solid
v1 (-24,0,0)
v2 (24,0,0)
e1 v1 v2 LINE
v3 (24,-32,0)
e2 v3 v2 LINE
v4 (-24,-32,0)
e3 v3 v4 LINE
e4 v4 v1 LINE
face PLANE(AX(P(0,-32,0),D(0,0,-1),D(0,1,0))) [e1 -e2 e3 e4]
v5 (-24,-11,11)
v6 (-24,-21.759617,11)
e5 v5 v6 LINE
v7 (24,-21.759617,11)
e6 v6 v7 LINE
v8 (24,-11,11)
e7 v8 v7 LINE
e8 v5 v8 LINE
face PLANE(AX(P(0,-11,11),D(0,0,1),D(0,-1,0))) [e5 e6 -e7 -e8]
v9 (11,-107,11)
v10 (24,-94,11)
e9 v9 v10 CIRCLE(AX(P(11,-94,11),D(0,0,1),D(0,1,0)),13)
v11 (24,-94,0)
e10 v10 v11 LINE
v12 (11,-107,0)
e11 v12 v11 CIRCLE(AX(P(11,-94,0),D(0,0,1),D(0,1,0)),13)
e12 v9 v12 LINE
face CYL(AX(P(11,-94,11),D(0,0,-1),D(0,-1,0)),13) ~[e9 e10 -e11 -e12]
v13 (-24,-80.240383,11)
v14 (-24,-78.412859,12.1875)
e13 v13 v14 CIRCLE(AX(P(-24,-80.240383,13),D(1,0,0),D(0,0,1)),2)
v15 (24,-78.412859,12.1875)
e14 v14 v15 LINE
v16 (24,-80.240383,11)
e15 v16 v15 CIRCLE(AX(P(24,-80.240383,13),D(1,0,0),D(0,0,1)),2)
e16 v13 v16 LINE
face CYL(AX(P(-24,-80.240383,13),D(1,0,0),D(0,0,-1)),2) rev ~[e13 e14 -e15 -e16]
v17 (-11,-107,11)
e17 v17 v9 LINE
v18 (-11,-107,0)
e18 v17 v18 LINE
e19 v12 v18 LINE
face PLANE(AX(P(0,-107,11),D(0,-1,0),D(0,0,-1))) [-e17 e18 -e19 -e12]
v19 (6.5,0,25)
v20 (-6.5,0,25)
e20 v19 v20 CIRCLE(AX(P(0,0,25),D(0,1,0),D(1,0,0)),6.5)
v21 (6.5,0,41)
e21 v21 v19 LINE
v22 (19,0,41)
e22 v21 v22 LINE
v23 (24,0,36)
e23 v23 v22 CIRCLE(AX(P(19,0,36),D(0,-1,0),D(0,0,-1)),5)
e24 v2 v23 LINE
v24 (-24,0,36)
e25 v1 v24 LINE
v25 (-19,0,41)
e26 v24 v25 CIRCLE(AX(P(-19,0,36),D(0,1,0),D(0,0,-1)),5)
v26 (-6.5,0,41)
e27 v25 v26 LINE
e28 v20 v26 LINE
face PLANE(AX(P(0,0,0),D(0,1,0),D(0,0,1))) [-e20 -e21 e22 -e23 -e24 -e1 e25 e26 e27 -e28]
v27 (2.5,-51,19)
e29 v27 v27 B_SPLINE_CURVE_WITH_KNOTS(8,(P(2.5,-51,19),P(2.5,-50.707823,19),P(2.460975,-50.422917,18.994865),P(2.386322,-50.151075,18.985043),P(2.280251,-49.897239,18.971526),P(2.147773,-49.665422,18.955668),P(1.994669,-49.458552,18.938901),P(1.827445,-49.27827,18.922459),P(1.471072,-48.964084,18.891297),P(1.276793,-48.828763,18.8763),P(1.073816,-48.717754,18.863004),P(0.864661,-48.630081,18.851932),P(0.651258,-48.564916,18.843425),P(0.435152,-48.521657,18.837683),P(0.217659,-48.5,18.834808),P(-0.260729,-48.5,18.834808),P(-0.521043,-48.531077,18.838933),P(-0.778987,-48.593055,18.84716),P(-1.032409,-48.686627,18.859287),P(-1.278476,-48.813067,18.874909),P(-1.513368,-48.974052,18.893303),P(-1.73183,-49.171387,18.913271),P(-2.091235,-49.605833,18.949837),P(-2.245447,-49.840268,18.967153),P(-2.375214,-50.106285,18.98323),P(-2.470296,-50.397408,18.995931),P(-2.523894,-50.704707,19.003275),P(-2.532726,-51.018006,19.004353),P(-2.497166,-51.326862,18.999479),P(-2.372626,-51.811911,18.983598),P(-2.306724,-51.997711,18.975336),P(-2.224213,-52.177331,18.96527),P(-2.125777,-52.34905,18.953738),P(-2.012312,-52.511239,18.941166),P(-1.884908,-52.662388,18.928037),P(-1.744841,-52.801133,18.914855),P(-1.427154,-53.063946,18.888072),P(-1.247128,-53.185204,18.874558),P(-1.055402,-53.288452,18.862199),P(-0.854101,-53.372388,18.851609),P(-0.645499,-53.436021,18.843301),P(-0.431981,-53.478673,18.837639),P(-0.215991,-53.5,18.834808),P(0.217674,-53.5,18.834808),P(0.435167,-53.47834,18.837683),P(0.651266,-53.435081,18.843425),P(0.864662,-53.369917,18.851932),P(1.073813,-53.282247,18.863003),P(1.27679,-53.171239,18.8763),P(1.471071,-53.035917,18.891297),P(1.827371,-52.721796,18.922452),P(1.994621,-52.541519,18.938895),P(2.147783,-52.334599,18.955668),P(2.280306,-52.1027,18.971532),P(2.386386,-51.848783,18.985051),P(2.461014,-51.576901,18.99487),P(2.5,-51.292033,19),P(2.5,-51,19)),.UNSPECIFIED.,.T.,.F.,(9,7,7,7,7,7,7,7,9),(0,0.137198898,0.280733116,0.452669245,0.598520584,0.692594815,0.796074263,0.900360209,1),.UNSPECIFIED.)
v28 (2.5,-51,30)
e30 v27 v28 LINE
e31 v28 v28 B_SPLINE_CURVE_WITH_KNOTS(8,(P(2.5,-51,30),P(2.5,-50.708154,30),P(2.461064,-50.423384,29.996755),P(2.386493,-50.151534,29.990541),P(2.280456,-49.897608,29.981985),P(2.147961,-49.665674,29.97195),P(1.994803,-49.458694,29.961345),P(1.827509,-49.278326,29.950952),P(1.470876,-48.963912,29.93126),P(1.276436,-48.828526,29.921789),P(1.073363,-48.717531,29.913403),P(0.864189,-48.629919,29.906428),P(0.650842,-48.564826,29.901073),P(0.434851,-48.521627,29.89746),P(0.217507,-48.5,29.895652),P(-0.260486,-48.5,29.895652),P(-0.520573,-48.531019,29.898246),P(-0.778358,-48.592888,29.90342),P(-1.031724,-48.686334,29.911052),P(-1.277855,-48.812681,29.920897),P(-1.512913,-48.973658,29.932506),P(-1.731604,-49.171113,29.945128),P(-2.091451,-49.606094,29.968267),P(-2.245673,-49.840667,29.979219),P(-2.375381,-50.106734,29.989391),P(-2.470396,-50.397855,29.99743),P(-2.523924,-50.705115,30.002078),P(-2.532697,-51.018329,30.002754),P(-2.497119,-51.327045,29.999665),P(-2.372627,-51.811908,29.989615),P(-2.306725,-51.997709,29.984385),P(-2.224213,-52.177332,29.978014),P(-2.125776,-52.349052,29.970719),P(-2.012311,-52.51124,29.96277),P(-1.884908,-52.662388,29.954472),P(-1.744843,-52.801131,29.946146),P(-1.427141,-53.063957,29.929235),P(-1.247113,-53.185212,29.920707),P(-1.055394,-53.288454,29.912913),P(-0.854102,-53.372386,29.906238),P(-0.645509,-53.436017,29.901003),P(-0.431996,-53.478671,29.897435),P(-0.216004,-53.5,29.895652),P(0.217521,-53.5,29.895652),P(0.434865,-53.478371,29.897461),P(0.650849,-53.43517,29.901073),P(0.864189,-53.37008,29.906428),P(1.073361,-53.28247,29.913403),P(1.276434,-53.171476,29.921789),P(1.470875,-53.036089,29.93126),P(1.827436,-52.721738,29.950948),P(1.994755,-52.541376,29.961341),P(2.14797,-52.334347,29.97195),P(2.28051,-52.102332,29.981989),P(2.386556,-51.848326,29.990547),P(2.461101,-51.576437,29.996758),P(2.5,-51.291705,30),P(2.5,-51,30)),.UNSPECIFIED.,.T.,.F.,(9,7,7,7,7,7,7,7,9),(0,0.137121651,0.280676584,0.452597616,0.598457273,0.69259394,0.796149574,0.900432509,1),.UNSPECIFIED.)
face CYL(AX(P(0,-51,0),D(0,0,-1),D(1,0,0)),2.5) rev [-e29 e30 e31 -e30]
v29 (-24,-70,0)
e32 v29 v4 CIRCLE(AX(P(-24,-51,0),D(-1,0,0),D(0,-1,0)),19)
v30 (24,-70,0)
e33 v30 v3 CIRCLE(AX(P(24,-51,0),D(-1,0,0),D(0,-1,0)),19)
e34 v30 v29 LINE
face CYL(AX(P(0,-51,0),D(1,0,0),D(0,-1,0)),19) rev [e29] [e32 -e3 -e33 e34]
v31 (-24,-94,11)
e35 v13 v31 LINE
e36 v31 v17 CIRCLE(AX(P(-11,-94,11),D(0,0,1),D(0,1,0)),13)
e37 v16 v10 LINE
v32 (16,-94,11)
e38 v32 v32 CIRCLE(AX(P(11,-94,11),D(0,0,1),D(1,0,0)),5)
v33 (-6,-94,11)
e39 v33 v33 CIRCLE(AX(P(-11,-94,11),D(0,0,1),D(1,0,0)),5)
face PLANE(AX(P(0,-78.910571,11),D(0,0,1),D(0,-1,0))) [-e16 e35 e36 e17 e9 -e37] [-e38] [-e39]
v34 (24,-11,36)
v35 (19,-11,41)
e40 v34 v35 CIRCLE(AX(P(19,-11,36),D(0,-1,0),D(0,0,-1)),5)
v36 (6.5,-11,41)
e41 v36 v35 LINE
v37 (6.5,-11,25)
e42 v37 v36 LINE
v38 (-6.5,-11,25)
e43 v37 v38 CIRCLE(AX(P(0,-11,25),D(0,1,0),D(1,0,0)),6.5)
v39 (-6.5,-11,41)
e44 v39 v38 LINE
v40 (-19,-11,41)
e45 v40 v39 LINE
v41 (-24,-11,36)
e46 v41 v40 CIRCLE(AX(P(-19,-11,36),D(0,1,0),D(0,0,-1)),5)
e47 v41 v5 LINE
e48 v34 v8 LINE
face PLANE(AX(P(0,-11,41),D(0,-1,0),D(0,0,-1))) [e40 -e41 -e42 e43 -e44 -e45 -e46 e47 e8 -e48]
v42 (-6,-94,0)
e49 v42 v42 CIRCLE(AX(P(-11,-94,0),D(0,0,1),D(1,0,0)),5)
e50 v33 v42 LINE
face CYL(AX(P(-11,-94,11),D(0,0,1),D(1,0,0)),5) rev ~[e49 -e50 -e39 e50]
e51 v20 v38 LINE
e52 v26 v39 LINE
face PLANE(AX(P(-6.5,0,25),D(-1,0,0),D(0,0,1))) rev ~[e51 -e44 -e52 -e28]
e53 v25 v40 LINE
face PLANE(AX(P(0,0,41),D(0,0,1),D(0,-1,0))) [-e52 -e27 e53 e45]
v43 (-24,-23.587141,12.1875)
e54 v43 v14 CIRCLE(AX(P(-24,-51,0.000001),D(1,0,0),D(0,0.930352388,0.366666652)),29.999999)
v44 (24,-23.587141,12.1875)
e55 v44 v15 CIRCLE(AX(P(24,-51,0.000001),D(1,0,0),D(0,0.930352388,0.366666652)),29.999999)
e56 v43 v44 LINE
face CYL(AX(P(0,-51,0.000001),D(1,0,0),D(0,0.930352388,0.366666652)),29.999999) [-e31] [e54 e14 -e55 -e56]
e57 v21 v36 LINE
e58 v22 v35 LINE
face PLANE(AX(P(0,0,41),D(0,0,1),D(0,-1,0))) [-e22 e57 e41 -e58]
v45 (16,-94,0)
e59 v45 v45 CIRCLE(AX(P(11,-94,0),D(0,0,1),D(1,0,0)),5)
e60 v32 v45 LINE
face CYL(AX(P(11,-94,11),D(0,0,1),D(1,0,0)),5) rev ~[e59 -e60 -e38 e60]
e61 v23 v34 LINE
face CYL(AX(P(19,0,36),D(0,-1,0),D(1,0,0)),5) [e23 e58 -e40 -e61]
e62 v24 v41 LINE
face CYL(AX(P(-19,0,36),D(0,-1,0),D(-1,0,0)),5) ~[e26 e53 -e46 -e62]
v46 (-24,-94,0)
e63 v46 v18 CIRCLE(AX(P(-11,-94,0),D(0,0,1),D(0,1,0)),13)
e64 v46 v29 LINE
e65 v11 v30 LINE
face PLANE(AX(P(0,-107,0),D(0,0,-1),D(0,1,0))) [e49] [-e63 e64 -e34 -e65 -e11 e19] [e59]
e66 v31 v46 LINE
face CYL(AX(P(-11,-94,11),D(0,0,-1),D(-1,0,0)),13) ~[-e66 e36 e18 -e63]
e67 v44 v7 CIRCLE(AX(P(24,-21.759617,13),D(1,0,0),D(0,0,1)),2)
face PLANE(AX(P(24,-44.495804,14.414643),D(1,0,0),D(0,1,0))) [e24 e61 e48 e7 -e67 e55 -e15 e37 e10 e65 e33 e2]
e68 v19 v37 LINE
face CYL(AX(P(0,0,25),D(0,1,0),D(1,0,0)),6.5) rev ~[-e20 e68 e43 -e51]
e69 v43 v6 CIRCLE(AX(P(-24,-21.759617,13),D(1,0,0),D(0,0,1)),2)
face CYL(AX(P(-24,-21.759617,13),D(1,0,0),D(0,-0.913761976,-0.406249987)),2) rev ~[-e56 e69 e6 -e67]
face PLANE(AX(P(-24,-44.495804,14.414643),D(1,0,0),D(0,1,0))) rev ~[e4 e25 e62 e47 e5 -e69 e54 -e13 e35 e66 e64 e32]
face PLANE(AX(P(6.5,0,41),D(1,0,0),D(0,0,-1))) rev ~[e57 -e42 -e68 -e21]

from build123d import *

# Parameters (mm, degrees)
F1_DEPTH = 24
F3_DEPTH = 20.5
F4_R     = 5
F5_R     = 13
F6_R     = 5
F7_DEPTH = 25
F8_R     = 2.5
F9_DEPTH = 38.6
F10_R    = 2


with BuildPart() as f1:
    # F0 (on Right) → F1 (new body, symmetric)
    with BuildSketch(Plane.YZ):
        with BuildLine():
            Line((-32, 0), (0, 0))
            Line((0, 0), (0, 41))
            Line((0, 41), (-11, 41))
            Line((-11, 41), (-11, 11))
            Line((-11, 11), (-23.089429, 11))
            ThreePointArc((-23.089429, 11), (-51, 30), (-78.910571, 11))
            Line((-78.910571, 11), (-107, 11))
            Line((-107, 11), (-107, 0))
            Line((-107, 0), (-70, 0))
            ThreePointArc((-70, 0), (-51, 19), (-32, 0))
        make_face()
    extrude(amount=F1_DEPTH, both=True)

    # F2 (on face) → F3 (cut)
    with BuildSketch(Plane(origin=(0, 0, 0), x_dir=(-1, 0, 0), z_dir=(0, 1, 0))):
        with BuildLine():
            ThreePointArc((-6.5, 25), (0, 18.5), (6.5, 25))
            Line((6.5, 25), (6.5, 41))
            Line((6.5, 41), (-6.5, 41))
            Line((-6.5, 41), (-6.5, 25))
        make_face()
    extrude(amount=-F3_DEPTH, mode=Mode.SUBTRACT)

    # F4
    f4_edges = [f1.edges().sort_by_distance(p)[0] for p in [
        (-24, -5.5, 41),
        (24, -5.5, 41),
    ]]
    fillet(f4_edges, radius=F4_R)

    # F5
    f5_edges = [f1.edges().sort_by_distance(p)[0] for p in [
        (-24, -107, 5.5),
        (24, -107, 5.5),
    ]]
    fillet(f5_edges, radius=F5_R)

    # F6 (on face) → F7 (cut)
    with BuildSketch(Plane.XY.offset(11)):
        with Locations((-11, -94)):
            Circle(F6_R)
        with Locations((11, -94)):
            Circle(F6_R)
    extrude(amount=-F7_DEPTH, mode=Mode.SUBTRACT)

    # F8 (on Top) → F9 (cut)
    with BuildSketch(Plane.XY):
        with Locations((0, -51)):
            Circle(F8_R)
    extrude(amount=F9_DEPTH, mode=Mode.SUBTRACT)

    # F10
    f10_edges = [f1.edges().sort_by_distance(p)[0] for p in [
        (0, -78.910571, 11),
        (0, -23.089429, 11),
    ]]
    fillet(f10_edges, radius=F10_R)


solid = f1.part
